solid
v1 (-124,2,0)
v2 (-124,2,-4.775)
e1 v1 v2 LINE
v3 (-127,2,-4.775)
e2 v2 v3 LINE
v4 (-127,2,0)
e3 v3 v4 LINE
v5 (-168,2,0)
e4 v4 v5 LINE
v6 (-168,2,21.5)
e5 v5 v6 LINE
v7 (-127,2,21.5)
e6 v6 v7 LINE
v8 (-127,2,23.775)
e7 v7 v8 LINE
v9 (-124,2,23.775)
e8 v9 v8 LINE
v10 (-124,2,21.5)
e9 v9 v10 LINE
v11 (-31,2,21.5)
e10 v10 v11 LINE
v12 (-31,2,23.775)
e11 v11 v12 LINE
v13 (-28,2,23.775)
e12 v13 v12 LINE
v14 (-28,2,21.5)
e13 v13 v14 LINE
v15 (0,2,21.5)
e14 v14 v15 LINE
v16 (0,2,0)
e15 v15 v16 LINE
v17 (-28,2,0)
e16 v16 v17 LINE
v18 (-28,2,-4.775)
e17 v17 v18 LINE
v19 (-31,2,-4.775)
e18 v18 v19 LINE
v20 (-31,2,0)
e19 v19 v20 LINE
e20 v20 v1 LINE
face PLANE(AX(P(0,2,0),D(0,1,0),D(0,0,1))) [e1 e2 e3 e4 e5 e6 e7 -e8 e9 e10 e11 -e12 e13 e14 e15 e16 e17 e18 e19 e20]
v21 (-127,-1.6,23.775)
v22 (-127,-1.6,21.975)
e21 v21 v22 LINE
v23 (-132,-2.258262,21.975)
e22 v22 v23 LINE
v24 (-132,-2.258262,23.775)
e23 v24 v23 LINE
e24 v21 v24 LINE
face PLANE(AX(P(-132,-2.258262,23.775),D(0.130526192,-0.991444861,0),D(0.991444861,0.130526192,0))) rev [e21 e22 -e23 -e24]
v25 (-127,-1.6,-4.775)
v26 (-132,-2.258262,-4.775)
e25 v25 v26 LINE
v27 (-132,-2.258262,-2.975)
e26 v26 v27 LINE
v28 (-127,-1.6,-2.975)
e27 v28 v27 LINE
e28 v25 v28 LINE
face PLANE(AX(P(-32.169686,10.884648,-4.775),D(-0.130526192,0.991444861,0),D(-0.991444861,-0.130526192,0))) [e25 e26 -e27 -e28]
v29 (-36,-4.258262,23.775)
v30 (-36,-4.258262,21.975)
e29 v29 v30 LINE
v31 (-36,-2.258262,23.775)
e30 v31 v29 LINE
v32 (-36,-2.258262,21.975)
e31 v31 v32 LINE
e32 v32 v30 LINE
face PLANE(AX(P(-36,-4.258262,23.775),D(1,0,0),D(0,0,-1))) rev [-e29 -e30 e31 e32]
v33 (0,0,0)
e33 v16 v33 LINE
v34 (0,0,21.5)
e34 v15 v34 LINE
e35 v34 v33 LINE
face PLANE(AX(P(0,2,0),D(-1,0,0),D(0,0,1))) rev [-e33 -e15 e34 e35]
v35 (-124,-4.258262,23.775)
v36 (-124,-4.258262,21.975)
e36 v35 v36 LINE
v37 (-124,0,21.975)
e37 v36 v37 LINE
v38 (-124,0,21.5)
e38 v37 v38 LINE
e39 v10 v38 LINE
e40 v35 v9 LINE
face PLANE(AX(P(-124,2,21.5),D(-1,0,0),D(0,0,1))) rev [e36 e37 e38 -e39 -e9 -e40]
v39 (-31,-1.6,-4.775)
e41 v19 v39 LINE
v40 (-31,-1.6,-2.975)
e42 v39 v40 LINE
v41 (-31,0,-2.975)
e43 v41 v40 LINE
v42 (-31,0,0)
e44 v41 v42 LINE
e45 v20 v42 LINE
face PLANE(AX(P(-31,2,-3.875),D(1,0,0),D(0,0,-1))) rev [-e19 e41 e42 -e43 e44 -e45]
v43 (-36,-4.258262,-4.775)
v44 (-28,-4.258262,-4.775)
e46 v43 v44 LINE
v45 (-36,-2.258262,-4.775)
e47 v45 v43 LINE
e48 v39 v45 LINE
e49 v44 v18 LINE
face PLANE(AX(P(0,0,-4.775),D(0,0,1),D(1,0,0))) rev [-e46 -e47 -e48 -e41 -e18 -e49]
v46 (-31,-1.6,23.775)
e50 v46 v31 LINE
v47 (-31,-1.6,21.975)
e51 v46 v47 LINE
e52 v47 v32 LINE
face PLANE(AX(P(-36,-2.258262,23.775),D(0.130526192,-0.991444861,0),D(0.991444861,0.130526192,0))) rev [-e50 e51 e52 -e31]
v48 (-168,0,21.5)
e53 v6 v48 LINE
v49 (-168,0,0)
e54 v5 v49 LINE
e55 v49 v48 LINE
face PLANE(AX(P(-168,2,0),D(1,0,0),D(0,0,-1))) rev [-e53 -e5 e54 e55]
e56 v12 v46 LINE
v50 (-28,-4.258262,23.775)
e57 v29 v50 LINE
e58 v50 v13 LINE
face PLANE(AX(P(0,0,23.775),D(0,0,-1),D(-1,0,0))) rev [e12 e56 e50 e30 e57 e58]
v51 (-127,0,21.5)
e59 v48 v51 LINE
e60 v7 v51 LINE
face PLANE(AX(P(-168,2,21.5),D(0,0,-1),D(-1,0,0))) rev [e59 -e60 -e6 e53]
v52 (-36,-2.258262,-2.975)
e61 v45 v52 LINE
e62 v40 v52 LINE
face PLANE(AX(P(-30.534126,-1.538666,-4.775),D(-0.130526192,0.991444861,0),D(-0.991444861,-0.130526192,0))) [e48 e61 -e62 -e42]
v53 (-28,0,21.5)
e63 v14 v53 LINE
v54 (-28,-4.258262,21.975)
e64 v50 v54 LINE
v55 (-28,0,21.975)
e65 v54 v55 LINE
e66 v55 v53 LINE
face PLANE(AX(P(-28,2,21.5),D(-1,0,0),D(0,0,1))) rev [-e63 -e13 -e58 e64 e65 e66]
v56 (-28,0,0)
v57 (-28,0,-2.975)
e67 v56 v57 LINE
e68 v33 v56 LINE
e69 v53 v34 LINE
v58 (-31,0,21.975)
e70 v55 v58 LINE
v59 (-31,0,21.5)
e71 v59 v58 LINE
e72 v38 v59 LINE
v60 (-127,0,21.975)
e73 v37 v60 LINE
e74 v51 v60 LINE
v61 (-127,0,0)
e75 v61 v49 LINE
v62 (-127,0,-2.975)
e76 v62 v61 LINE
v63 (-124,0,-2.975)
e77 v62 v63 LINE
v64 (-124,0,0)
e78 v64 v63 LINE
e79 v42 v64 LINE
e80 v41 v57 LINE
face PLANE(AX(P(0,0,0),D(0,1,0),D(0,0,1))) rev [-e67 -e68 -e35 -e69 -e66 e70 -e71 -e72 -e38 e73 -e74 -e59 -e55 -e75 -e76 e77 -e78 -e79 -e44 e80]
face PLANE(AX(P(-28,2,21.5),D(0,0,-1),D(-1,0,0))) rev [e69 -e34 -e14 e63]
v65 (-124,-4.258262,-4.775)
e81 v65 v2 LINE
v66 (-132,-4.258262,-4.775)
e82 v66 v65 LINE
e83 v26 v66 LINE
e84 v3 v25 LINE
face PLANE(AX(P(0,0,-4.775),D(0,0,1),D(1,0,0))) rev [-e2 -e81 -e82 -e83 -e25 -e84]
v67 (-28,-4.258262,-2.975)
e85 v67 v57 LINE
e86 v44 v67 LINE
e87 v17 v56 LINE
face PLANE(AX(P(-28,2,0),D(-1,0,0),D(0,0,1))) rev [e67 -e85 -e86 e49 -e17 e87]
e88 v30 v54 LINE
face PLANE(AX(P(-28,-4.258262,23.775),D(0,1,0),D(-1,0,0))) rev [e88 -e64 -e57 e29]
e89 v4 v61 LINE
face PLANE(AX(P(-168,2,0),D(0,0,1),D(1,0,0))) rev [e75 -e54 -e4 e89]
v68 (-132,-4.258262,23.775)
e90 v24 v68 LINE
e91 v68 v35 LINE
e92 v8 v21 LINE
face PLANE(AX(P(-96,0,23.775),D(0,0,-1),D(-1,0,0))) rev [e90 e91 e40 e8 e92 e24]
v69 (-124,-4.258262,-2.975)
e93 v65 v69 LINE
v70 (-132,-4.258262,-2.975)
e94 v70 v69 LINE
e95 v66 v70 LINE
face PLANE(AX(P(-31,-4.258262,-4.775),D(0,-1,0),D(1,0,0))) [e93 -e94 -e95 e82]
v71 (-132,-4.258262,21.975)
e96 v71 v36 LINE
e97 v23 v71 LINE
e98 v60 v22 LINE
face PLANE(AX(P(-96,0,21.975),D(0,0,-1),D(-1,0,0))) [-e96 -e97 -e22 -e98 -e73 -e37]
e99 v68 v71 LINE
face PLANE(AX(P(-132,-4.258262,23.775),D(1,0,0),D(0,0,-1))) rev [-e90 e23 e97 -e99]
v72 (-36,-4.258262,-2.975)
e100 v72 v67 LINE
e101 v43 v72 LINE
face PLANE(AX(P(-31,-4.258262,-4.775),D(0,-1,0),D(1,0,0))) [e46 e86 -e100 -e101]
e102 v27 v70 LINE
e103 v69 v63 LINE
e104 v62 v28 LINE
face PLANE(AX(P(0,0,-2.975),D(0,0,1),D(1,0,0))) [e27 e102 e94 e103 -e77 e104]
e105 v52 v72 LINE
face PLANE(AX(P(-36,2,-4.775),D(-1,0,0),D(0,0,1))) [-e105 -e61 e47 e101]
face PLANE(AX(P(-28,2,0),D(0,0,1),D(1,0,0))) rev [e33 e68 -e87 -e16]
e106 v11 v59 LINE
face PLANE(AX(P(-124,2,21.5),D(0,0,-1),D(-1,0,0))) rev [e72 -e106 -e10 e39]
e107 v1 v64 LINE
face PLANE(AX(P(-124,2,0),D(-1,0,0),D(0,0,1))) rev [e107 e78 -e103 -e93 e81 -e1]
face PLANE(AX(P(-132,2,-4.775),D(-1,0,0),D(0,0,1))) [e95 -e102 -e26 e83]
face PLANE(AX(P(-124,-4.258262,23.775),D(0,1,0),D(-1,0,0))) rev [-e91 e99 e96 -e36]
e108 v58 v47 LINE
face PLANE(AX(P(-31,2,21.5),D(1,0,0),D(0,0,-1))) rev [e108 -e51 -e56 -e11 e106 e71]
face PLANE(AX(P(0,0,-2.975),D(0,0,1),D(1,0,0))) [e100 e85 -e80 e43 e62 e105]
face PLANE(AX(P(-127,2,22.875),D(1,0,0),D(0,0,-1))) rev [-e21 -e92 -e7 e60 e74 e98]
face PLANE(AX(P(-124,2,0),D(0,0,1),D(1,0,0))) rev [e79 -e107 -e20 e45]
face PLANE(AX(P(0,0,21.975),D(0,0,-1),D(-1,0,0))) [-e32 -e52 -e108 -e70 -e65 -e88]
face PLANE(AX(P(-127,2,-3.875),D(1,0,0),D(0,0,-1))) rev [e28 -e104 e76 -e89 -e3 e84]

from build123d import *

# Parameters (mm, degrees)
THICKNESS_EXTRUDE_DEPTH = 2
HOOK_1_EXTRUDE_DEPTH    = 0.9
HOOK_START              = -26.75
HOOK_2_EXTRUDE_DEPTH    = 0.9
HOOK_PATTERN_COUNT      = 2
HOOK_PATTERN_PITCH      = 96


with BuildPart() as part:
    # Top Sketch → Thickness Extrude (new body)
    with BuildSketch(Plane(origin=(0, 0, 0), x_dir=(1, 0, 0), z_dir=(0, 1, 0))):
        Polygon((-28, -21.5), (-28, -22.875), (-31, -22.875), (-31, -21.5), (-124, -21.5), (-124, -22.875), (-127, -22.875), (-127, -21.5), (-168, -21.5), (-168, 0), (-127, 0), (-127, 3.875), (-124, 3.875), (-124, 0), (-31, 0), (-31, 3.875), (-28, 3.875), (-28, 0), (0, 0), (0, -21.5), align=None)
    extrude(amount=THICKNESS_EXTRUDE_DEPTH)


with BuildPart() as body_2:
    # Hook Sketch → Hook 1 Extrude (new, symmetric)
    with BuildSketch(Plane.XY.offset(22.875)):
        Polygon((-31, 2), (-28, 2), (-28, -4.258262488), (-36, -4.258262488), (-36, -2.258262488), (-31, -1.6), align=None)
    hook_1_extrude = extrude(amount=HOOK_1_EXTRUDE_DEPTH, both=True)


with BuildPart() as body_3:
    # Hook Sketch<2> → Hook 2 Extrude (new, symmetric)
    with BuildSketch(Plane.XY.offset(22.875).offset(HOOK_START)):
        Polygon((-31, 2), (-28, 2), (-28, -4.258262488), (-36, -4.258262488), (-36, -2.258262488), (-31, -1.6), align=None)
    hook_2_extrude = extrude(amount=HOOK_2_EXTRUDE_DEPTH, both=True)


with BuildPart() as hook_pattern_1:
    # Hook Pattern: pattern copy
    add(hook_1_extrude.moved(Location(Vector(-1, 0, 0) * (1 * HOOK_PATTERN_PITCH))))


with BuildPart() as hook_pattern_2:
    # Hook Pattern: pattern copy
    add(hook_2_extrude.moved(Location(Vector(-1, 0, 0) * (1 * HOOK_PATTERN_PITCH))))


with BuildPart() as part_1:
    add(part.part)

    # Combine Bodies: union body 2, body 3, Hook Pattern_1, Hook Pattern_2
    add(body_2.part)
    add(body_3.part)
    add(hook_pattern_1.part)
    add(hook_pattern_2.part)


solid = part_1.part
